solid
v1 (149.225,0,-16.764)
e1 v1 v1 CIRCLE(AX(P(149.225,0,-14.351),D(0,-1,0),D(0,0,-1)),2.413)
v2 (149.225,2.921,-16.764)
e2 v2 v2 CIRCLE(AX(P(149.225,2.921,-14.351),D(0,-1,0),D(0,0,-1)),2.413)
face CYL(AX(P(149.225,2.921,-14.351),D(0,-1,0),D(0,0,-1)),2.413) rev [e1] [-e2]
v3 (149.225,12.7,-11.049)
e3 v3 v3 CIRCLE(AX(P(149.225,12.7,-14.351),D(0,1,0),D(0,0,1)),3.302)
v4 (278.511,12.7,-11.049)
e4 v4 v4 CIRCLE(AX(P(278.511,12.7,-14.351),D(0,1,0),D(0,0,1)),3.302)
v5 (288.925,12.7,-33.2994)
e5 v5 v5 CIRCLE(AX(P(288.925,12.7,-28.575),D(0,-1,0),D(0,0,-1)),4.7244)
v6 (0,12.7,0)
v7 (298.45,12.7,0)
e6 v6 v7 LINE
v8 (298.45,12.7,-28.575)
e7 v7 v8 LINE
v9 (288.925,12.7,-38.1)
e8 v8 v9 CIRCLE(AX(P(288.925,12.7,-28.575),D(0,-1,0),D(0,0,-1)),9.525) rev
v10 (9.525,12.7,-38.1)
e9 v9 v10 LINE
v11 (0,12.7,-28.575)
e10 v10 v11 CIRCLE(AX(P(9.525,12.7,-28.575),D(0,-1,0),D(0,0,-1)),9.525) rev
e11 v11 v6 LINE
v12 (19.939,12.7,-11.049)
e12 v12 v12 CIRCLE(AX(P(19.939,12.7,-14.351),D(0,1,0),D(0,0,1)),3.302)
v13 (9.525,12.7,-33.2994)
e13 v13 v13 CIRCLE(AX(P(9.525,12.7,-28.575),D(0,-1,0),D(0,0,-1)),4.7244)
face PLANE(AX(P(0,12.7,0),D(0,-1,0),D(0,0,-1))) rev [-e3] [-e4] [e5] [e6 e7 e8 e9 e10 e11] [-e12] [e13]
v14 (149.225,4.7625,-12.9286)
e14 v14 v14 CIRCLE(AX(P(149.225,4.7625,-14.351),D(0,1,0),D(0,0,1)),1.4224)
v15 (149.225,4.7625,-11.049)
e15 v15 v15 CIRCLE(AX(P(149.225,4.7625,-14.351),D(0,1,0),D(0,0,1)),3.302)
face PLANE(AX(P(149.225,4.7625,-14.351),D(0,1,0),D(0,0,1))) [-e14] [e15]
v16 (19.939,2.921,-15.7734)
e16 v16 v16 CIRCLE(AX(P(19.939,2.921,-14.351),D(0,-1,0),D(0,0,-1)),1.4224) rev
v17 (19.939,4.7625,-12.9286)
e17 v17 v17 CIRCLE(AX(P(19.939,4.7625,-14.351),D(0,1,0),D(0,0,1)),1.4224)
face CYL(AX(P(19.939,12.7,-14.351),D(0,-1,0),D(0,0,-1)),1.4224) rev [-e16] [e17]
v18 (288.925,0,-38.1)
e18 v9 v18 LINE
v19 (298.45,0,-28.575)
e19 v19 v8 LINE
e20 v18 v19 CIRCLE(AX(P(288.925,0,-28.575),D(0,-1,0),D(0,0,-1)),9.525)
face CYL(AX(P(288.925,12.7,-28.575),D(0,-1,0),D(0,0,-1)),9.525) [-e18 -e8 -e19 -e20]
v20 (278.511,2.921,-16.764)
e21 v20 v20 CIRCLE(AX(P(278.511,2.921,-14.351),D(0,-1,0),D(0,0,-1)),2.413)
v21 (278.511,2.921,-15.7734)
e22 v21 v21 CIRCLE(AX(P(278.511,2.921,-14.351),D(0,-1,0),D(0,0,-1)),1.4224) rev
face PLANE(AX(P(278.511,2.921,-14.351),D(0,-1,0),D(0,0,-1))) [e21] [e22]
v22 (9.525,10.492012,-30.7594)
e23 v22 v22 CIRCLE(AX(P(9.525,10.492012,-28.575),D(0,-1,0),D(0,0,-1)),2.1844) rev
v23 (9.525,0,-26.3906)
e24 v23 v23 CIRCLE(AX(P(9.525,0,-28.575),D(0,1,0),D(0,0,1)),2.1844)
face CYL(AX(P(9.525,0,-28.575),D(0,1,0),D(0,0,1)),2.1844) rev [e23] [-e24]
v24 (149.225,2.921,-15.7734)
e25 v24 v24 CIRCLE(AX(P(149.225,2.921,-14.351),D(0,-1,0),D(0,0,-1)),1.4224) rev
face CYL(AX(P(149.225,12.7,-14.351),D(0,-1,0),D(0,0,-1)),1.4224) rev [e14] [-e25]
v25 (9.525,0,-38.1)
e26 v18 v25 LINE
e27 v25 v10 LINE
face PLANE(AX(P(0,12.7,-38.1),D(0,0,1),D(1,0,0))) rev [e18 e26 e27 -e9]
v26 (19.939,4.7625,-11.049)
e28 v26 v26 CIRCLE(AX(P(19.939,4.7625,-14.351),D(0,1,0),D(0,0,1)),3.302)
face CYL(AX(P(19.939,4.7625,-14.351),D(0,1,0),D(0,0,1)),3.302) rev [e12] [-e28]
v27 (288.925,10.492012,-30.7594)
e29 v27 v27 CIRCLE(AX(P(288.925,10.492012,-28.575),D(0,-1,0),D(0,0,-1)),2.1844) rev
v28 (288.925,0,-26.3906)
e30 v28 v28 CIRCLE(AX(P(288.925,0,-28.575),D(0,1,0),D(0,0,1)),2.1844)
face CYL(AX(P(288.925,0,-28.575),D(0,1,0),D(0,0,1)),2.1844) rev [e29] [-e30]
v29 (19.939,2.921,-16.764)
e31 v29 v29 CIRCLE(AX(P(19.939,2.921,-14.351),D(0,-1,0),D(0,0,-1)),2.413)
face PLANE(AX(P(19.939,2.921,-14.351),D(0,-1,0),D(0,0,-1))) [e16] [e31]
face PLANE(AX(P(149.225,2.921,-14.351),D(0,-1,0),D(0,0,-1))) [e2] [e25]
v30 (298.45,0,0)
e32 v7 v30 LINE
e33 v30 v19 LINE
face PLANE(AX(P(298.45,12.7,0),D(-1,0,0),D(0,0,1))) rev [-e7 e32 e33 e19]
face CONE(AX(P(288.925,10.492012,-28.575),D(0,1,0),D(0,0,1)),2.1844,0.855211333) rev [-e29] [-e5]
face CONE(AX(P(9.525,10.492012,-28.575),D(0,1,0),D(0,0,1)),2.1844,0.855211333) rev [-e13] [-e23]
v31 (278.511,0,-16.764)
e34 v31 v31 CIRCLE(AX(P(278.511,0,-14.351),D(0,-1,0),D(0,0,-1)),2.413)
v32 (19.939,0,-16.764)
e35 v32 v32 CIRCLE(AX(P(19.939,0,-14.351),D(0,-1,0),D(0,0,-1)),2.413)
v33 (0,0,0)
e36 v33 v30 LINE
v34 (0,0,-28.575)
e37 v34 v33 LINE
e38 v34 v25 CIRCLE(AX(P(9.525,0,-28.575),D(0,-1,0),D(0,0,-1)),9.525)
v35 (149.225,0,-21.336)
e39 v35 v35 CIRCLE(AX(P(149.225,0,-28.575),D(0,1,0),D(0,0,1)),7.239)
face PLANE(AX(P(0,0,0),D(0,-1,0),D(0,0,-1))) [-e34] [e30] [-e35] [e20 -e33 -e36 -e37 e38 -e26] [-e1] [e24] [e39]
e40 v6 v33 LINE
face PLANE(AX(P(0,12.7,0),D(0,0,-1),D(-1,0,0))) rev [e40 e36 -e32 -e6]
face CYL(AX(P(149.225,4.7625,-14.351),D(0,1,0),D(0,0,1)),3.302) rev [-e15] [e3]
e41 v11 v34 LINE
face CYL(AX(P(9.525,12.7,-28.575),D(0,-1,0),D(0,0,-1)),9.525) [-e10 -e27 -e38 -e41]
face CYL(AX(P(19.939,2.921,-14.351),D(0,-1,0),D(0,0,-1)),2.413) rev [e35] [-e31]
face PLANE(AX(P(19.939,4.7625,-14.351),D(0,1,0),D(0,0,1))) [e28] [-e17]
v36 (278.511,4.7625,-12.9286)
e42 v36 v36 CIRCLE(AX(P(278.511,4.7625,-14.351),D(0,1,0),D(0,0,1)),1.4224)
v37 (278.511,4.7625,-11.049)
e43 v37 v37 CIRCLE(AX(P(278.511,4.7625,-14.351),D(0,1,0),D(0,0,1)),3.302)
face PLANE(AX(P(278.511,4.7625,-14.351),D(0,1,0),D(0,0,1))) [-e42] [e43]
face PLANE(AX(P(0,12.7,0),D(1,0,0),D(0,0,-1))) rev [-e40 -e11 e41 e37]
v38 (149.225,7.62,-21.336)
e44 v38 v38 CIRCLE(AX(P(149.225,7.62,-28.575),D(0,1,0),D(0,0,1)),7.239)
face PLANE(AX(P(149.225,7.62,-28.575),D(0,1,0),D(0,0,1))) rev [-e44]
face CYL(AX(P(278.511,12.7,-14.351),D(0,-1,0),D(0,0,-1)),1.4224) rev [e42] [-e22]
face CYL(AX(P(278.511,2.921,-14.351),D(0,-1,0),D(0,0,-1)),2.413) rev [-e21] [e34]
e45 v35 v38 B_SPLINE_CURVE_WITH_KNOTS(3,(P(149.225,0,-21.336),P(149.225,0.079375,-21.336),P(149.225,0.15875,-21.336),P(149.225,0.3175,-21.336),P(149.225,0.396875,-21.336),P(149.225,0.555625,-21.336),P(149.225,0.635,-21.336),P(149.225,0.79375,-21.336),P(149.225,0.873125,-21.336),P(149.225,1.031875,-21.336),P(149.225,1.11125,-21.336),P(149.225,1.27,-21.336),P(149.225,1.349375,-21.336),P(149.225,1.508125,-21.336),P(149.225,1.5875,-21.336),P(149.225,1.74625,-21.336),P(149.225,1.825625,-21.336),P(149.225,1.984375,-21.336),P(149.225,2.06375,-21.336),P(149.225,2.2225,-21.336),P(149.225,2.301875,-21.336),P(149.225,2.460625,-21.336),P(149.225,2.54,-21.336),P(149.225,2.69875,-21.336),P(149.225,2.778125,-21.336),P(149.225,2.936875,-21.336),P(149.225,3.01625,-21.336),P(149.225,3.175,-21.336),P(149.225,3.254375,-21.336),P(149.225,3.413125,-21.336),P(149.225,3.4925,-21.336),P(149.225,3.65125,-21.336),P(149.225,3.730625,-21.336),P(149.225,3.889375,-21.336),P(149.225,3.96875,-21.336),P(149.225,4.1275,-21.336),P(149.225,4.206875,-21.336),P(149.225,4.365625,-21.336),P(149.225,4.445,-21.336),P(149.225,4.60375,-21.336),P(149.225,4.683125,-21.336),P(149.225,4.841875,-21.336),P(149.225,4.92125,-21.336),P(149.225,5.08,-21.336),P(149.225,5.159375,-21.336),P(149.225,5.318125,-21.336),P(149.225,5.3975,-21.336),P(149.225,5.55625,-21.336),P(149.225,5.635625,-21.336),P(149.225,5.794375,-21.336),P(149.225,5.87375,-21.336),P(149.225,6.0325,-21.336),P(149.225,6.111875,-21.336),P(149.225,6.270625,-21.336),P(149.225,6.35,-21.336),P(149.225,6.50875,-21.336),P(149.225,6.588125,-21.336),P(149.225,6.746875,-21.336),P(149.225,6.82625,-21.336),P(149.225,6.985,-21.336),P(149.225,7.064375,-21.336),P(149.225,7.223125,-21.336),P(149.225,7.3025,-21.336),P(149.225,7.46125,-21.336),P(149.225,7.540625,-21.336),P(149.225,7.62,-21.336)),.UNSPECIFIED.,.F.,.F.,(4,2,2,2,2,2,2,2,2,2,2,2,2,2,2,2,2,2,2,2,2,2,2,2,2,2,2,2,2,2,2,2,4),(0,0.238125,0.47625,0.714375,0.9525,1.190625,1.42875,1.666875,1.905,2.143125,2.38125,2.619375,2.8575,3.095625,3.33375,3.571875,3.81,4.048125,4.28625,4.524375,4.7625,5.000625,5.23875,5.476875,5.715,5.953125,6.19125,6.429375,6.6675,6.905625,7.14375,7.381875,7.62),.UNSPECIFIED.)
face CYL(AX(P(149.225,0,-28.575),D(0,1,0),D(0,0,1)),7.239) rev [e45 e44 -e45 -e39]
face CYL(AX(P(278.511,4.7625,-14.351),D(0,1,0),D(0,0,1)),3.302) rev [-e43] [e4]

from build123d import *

# Parameters (mm, degrees)
SKETCH1_W           = 298.45
SKETCH1_H           = 38.1
BOSS_EXTRUDE1_DEPTH = 12.7
FILLET1_R           = 9.525
SKETCH2_R           = 3.302
CUT_EXTRUDE1_DEPTH  = 7.9375
SKETCH4_R           = 1.4224
CUT_EXTRUDE2_DEPTH  = 302.140004815
SKETCH5_R           = 2.413
CUT_EXTRUDE3_DEPTH  = 2.921
SKETCH6_R           = 2.1844
CUT_EXTRUDE4_DEPTH  = 302.140004815
CHAMFER1_SIZE       = 2.54
CHAMFER1_SIZE2      = 2.207988314
CUT_EXTRUDE5_START  = -5.08
SKETCH7_R           = 7.239
CUT_EXTRUDE5_DEPTH  = 297.060004815


with BuildPart() as part:
    # Sketch1 → Boss-Extrude1 (new body)
    with BuildSketch(Plane(origin=(0, 0, 0), x_dir=(1, 0, 0), z_dir=(0, 1, 0))):
        with Locations((149.225, 19.05)):
            Rectangle(SKETCH1_W, SKETCH1_H)
    extrude(amount=BOSS_EXTRUDE1_DEPTH)

    # Fillet1
    fillet1_edges = [part.edges().sort_by_distance(p)[0] for p in [
        (0, 6.35, -38.1),
        (298.45, 6.35, -38.1),
    ]]
    fillet(fillet1_edges, radius=FILLET1_R)

    # Sketch2 → Cut-Extrude1 (cut)
    with BuildSketch(Plane(origin=(0, 12.7, 0), x_dir=(1, 0, 0), z_dir=(0, 1, 0))):
        with Locations(Location((19.939, 14.351, 0), (0, 0, 270))):
            Circle(SKETCH2_R)
        with Locations(Location((149.225, 14.351, 0), (0, 0, 270))):
            Circle(SKETCH2_R)
        with Locations(Location((278.511, 14.351, 0), (0, 0, 270))):
            Circle(SKETCH2_R)
    extrude(amount=-CUT_EXTRUDE1_DEPTH, mode=Mode.SUBTRACT)

    # Sketch4 → Cut-Extrude2 (cut, through all)
    with BuildSketch(Plane.XZ):
        with Locations(Location((19.939, -14.351, 0), (0, 0, 270))):
            Circle(SKETCH4_R)
        with Locations(Location((149.225, -14.351, 0), (0, 0, 270))):
            Circle(SKETCH4_R)
        with Locations(Location((278.511, -14.351, 0), (0, 0, 270))):
            Circle(SKETCH4_R)
    extrude(amount=-CUT_EXTRUDE2_DEPTH, mode=Mode.SUBTRACT)

    # Sketch5 → Cut-Extrude3 (cut)
    with BuildSketch(Plane.XZ):
        with Locations(Location((19.939, -14.351, 0), (0, 0, 270))):
            Circle(SKETCH5_R)
        with Locations(Location((149.225, -14.351, 0), (0, 0, 270))):
            Circle(SKETCH5_R)
        with Locations(Location((278.511, -14.351, 0), (0, 0, 270))):
            Circle(SKETCH5_R)
    extrude(amount=-CUT_EXTRUDE3_DEPTH, mode=Mode.SUBTRACT)

    # Sketch6 → Cut-Extrude4 (cut, through all)
    with BuildSketch(Plane(origin=(0, 12.7, 0), x_dir=(1, 0, 0), z_dir=(0, 1, 0))):
        with BuildLine():
            ThreePointArc((286.7406, 28.575), (288.925, 26.3906), (291.1094, 28.575))
            Line((291.1094, 28.575), (286.7406, 28.575))
        make_face()
        with BuildLine():
            Line((286.7406, 28.575), (291.1094, 28.575))
            ThreePointArc((291.1094, 28.575), (288.925, 30.7594), (286.7406, 28.575))
        make_face()
        with Locations(Location((9.525, 28.575, 0), (0, 0, 270))):
            Circle(SKETCH6_R)
    extrude(amount=-CUT_EXTRUDE4_DEPTH, mode=Mode.SUBTRACT)

    # Chamfer1
    chamfer1_edges = [part.edges().sort_by_distance(p)[0] for p in [
        (291.1094, 12.7, -28.575),
        (9.525, 12.7, -30.7594),
    ]]
    chamfer1_side = [part.faces().sort_by_distance(p)[0] for p in [
        (149.225, 12.7, -19.008778326),
    ]]
    chamfer(chamfer1_edges, length=CHAMFER1_SIZE, length2=CHAMFER1_SIZE2, reference=chamfer1_side[0])

    # Sketch7 → Cut-Extrude5 (cut, through all)
    with BuildSketch(Plane(origin=(0, 12.7, 0), x_dir=(1, 0, 0), z_dir=(0, 1, 0)).offset(CUT_EXTRUDE5_START)):
        with Locations(Location((149.225, 28.575, 0), (0, 0, 270))):
            Circle(SKETCH7_R)
    extrude(amount=-CUT_EXTRUDE5_DEPTH, mode=Mode.SUBTRACT)


solid = part.part
